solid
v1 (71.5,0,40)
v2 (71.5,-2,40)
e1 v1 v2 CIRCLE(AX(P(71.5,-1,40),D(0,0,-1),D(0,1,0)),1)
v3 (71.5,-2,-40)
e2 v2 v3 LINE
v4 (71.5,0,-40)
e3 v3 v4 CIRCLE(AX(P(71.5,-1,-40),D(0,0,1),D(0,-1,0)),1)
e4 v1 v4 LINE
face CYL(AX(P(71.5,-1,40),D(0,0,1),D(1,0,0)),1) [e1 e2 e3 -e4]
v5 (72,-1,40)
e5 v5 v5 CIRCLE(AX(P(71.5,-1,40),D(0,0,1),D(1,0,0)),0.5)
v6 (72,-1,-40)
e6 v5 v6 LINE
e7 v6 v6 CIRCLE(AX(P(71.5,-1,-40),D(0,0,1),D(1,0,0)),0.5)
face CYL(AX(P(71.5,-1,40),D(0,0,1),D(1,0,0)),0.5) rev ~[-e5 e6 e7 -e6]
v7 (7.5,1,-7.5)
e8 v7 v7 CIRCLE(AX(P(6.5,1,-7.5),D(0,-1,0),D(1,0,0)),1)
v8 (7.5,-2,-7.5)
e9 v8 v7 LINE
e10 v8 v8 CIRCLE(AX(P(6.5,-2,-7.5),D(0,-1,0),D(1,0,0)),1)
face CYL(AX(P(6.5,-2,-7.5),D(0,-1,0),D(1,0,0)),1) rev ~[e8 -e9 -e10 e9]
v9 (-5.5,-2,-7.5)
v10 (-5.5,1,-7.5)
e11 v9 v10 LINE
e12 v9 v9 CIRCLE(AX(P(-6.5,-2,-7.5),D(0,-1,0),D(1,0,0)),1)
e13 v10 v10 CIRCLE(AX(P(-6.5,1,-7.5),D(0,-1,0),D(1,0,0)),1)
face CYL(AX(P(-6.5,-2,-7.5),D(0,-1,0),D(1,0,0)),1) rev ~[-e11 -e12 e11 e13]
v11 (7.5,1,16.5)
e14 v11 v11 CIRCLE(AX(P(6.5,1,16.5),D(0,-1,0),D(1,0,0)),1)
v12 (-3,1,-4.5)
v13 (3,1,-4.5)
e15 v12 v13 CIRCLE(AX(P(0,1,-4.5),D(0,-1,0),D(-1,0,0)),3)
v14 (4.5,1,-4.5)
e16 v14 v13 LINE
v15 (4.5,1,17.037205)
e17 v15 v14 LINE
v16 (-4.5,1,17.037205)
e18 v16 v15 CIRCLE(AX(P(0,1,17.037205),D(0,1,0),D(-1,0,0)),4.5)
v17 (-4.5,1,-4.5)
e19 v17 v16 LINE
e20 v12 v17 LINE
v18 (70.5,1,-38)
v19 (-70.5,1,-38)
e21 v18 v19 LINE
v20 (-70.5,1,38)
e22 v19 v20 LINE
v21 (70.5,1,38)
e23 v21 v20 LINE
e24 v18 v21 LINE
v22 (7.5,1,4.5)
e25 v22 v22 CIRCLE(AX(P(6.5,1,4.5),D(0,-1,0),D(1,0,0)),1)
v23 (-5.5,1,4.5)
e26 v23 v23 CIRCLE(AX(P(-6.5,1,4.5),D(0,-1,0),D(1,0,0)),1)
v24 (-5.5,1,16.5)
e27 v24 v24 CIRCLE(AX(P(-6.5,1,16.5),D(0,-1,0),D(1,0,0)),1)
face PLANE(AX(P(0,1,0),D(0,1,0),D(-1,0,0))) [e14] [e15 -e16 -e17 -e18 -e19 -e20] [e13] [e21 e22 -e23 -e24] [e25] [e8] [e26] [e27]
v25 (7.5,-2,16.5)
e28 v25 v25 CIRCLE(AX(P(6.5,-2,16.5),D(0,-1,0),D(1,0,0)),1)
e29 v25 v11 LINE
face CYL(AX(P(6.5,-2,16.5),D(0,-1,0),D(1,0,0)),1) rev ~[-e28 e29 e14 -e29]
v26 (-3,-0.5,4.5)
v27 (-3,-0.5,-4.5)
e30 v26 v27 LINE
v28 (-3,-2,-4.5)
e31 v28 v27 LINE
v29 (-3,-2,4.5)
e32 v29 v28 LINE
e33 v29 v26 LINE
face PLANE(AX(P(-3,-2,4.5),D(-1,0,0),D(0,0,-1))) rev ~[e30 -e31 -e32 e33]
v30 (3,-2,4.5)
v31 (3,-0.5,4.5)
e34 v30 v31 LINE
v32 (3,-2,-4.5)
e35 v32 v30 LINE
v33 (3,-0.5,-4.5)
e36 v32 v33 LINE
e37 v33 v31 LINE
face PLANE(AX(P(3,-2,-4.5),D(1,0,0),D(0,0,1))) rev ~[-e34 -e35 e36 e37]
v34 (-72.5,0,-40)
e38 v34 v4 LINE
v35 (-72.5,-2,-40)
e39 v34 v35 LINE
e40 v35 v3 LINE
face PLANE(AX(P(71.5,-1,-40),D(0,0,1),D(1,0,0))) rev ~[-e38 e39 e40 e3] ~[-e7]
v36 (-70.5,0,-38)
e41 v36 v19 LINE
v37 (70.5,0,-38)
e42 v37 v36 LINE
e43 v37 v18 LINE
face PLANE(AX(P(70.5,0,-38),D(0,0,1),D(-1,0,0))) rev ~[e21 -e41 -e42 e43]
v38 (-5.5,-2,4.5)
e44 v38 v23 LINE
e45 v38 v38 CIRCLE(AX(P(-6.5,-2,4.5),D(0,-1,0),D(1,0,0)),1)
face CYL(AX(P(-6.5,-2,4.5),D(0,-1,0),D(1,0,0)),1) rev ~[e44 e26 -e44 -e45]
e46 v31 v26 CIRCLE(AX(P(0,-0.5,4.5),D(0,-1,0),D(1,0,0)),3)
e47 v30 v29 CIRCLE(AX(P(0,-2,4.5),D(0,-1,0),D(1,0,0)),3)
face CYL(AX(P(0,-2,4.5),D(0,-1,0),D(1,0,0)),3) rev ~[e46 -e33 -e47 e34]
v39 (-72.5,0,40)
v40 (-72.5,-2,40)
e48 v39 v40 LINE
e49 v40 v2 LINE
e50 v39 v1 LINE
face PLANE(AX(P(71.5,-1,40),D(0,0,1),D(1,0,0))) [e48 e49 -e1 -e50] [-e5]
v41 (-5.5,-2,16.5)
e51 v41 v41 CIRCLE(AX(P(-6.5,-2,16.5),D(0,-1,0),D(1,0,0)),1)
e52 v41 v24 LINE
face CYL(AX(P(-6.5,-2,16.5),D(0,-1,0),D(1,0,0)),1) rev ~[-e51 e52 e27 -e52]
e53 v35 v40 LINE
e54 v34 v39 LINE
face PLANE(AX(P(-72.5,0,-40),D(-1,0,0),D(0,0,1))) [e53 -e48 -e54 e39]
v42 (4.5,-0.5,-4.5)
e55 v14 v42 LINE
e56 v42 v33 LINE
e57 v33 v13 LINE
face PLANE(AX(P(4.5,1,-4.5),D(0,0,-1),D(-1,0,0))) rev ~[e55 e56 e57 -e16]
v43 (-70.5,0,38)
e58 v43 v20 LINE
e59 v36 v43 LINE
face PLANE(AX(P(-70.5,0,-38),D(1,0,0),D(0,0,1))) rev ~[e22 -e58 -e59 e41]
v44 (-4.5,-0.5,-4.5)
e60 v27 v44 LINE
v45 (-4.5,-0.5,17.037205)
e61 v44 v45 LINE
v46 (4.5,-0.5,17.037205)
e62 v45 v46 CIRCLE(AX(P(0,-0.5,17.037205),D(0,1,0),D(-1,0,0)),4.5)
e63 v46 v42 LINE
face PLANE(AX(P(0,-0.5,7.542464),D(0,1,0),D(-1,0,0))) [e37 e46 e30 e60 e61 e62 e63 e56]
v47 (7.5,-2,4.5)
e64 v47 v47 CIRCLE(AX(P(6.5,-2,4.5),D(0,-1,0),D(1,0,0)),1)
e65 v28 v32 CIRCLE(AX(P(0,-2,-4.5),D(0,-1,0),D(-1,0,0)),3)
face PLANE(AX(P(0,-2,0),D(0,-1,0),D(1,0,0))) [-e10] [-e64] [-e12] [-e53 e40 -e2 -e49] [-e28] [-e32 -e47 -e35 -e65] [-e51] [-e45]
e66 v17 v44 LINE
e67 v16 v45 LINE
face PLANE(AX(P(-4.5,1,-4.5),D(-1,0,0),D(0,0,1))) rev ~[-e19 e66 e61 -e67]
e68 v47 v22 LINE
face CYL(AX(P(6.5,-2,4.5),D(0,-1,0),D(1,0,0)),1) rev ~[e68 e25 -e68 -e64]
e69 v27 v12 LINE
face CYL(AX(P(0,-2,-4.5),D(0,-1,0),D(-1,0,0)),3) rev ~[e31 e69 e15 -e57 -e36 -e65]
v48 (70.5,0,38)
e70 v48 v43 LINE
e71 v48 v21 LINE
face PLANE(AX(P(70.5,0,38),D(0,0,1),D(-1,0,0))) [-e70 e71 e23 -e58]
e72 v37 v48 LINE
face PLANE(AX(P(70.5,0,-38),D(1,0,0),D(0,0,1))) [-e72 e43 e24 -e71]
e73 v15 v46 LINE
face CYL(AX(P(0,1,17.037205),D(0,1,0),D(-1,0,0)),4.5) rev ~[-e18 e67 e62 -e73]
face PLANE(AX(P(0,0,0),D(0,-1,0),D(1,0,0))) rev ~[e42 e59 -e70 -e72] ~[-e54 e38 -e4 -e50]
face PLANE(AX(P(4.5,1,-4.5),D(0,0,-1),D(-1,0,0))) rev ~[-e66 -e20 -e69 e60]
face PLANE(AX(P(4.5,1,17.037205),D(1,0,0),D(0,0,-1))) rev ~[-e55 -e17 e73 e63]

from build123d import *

# Parameters (mm, degrees)
F0_W      = 145
F0_H      = 80
F1_DEPTH  = 2
F2_W      = 141
F2_H      = 76
F3_DEPTH  = 1
F5_DEPTH  = 25
F6_R      = 1
F7_DEPTH  = 25
F8_W      = 1
F8_H      = 2
F9_DEPTH  = 200
F10_R     = 1
F11_DEPTH = 80
F12_R     = 0.5
F13_DEPTH = 300
F15_DEPTH = 1.5


with BuildPart() as f1:
    # F0 (on Front) → F1 (new body)
    with BuildSketch(Plane.XZ):
        Rectangle(F0_W, F0_H)
    extrude(amount=F1_DEPTH)

    # F2 (on face) → F3 (join)
    with BuildSketch(Plane(origin=(0, 0, 0), x_dir=(-1, 0, 0), z_dir=(0, 1, 0))):
        Rectangle(F2_W, F2_H)
    extrude(amount=F3_DEPTH)

    # F4 (on face) → F5 (cut)
    with BuildSketch(Plane.XZ.offset(2)):
        with BuildLine():
            Line((3, -4.5), (3, 4.5))
            ThreePointArc((3, 4.5), (0, 7.5), (-3, 4.5))
            Line((-3, 4.5), (-3, -4.5))
            ThreePointArc((-3, -4.5), (0, -7.5), (3, -4.5))
        make_face()
    extrude(amount=-F5_DEPTH, mode=Mode.SUBTRACT)

    # F6 (on face) → F7 (cut)
    with BuildSketch(Plane.XZ.offset(2)):
        with Locations((-6.5, 16.5)):
            Circle(F6_R)
        with Locations((6.5, 16.5)):
            Circle(F6_R)
        with Locations((6.5, -7.5)):
            Circle(F6_R)
        with Locations((-6.5, -7.5)):
            Circle(F6_R)
        with Locations((-6.5, 4.5)):
            Circle(F6_R)
        with Locations((6.5, 4.5)):
            Circle(F6_R)
    extrude(amount=-F7_DEPTH, mode=Mode.SUBTRACT)

    # F8 (on face) → F9 (cut)
    with BuildSketch(Plane.XY.offset(40)):
        with Locations((72, -1)):
            Rectangle(F8_W, F8_H)
    extrude(amount=-F9_DEPTH, mode=Mode.SUBTRACT)

    # F10 (on face) → F11 (join)
    with BuildSketch(Plane.XY.offset(40)):
        with Locations((71.5, -1)):
            Circle(F10_R)
    extrude(amount=-F11_DEPTH)

    # F12 (on face) → F13 (cut)
    with BuildSketch(Plane.XY.offset(40)):
        with Locations((71.5, -1)):
            Circle(F12_R)
    extrude(amount=-F13_DEPTH, mode=Mode.SUBTRACT)

    # F14 (on face) → F15 (cut)
    with BuildSketch(Plane(origin=(0, 1, 0), x_dir=(-1, 0, 0), z_dir=(0, 1, 0))):
        with BuildLine():
            Line((-4.5, -4.5), (-3, -4.5))
            Line((-3, -4.5), (3, -4.5))
            Line((3, -4.5), (4.5, -4.5))
            Line((4.5, -4.5), (4.5, 17.037205))
            ThreePointArc((4.5, 17.037205), (0, 21.537205), (-4.5, 17.037205))
            Line((-4.5, 17.037205), (-4.5, -4.5))
        make_face()
    extrude(amount=-F15_DEPTH, mode=Mode.SUBTRACT)


solid = f1.part
